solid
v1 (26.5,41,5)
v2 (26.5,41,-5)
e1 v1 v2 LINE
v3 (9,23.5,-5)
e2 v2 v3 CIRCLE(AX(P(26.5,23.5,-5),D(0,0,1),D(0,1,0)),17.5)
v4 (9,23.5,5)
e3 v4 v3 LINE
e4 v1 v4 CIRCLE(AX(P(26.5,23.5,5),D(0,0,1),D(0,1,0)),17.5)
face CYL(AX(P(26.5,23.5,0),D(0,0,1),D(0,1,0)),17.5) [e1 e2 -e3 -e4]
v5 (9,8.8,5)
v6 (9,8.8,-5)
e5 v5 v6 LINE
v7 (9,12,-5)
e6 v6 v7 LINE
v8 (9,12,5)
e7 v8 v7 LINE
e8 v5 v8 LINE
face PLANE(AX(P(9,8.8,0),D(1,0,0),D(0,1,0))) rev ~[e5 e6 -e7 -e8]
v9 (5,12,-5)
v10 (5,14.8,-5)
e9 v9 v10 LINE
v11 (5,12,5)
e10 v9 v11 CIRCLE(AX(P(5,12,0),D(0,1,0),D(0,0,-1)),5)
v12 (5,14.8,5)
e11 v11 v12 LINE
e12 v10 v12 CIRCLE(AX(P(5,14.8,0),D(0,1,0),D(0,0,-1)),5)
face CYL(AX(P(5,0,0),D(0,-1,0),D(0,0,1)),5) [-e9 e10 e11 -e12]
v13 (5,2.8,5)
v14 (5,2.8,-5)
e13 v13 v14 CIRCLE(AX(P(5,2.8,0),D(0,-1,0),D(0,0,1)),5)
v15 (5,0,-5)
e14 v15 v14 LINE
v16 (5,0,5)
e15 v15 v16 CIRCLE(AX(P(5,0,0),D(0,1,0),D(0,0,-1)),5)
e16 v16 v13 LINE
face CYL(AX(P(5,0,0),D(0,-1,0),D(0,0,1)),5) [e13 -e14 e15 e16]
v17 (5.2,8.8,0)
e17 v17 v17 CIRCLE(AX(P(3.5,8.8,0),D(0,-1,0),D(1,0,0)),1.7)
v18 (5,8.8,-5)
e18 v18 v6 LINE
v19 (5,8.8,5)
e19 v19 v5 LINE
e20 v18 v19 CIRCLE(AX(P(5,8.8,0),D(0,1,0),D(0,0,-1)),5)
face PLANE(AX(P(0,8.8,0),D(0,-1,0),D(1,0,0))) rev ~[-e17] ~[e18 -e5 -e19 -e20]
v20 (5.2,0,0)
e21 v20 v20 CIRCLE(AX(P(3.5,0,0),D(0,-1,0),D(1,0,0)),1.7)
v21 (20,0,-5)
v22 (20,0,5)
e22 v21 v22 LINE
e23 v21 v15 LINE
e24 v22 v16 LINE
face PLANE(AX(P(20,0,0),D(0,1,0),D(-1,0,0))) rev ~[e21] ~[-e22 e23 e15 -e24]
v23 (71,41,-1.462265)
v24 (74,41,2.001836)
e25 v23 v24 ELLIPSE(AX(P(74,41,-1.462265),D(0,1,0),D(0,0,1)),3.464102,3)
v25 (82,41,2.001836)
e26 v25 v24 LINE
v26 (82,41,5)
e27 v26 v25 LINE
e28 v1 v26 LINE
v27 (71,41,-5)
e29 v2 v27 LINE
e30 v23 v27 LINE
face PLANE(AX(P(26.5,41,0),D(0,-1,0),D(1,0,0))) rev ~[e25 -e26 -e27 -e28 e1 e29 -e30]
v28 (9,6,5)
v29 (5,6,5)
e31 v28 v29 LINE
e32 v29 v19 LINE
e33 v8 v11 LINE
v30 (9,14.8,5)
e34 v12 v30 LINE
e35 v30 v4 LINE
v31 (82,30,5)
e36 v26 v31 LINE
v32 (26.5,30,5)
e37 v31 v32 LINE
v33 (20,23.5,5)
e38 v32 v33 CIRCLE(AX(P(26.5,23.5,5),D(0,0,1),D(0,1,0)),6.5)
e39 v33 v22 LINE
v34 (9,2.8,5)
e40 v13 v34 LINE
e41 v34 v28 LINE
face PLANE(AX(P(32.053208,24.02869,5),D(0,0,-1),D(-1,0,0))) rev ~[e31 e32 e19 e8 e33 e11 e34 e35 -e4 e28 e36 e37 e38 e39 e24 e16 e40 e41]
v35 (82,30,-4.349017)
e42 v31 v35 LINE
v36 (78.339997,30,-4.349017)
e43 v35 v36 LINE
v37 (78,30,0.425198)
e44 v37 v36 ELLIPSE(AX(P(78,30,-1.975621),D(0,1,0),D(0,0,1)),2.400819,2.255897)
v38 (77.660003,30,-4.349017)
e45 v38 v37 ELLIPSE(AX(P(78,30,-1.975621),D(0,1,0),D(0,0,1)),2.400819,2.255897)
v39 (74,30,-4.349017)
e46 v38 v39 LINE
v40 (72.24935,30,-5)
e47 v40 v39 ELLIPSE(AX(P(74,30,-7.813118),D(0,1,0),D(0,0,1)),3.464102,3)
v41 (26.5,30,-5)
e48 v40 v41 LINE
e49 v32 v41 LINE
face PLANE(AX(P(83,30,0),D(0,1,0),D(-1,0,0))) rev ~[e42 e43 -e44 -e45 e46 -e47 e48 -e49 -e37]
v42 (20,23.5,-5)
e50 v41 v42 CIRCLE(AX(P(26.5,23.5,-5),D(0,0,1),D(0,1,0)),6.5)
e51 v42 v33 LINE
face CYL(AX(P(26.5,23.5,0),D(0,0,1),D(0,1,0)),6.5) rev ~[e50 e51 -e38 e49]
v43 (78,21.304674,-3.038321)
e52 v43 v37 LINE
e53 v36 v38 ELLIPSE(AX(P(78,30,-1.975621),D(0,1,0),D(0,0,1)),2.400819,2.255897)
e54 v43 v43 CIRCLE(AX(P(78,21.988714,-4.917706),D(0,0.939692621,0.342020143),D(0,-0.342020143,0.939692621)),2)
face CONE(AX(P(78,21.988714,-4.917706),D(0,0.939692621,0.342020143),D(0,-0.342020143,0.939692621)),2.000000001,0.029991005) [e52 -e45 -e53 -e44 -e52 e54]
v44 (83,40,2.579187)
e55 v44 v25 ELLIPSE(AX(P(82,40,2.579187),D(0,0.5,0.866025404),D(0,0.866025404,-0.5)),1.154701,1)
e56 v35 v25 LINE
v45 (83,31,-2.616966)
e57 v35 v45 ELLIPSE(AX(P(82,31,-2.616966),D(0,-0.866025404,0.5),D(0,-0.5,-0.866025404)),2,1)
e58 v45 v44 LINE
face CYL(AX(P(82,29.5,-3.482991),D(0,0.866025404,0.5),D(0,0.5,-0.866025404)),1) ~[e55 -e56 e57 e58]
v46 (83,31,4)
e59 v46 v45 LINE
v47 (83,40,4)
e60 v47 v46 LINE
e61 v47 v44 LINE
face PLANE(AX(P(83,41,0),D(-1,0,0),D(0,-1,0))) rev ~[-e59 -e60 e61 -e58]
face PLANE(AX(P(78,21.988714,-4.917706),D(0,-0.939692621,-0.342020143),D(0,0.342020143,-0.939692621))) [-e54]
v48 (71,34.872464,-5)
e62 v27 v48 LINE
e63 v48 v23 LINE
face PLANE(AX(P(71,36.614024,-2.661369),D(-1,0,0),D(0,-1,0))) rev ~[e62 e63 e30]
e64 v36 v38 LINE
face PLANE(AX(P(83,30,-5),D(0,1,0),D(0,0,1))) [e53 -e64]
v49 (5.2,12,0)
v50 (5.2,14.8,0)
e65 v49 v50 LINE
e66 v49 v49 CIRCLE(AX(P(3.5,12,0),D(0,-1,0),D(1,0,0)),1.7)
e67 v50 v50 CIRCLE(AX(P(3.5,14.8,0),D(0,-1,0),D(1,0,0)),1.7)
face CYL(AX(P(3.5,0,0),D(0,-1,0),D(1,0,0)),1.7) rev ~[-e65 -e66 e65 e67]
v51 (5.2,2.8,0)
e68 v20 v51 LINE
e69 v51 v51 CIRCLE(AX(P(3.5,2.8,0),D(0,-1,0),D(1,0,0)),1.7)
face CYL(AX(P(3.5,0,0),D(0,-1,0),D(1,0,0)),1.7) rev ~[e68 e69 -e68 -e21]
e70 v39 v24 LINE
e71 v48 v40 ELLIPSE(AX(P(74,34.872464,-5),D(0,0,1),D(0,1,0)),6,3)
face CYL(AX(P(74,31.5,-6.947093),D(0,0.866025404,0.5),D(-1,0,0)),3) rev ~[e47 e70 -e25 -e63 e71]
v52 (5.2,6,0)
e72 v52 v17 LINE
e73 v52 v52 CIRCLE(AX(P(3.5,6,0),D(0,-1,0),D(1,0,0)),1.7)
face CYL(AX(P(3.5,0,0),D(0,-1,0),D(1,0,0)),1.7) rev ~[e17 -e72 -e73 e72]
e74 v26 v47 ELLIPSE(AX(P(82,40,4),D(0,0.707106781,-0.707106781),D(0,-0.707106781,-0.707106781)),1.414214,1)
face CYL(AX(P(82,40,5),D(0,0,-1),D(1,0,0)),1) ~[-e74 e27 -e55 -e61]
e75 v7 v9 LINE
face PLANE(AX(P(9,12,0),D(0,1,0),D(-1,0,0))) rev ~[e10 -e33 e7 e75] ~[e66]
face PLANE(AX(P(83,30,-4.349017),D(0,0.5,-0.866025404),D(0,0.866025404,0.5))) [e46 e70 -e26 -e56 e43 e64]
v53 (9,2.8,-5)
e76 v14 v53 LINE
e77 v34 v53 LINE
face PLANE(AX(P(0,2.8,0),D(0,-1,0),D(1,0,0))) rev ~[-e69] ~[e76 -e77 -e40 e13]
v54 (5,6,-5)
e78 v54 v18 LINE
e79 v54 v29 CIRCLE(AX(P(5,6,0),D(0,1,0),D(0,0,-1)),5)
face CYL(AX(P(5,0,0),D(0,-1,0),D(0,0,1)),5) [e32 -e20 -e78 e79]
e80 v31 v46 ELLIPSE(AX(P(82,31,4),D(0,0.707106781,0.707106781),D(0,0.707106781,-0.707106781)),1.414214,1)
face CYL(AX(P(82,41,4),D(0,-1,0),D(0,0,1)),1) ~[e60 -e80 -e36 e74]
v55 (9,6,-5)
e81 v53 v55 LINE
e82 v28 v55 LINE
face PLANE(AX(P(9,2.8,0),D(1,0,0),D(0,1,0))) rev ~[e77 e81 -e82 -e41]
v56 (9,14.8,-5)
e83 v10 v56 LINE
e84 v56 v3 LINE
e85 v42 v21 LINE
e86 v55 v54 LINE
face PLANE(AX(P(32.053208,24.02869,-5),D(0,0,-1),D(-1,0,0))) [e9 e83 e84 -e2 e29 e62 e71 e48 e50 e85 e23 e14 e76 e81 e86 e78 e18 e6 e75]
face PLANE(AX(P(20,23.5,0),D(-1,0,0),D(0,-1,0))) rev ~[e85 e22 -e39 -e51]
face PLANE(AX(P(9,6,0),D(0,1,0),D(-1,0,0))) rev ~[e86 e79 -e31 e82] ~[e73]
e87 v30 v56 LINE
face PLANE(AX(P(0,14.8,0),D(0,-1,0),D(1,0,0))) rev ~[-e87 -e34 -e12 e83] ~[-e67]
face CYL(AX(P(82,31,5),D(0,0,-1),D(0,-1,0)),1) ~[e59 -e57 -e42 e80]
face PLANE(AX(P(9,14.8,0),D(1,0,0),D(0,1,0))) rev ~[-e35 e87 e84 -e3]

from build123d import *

# Parameters (mm, degrees)
PAD002_DEPTH    = 5
POCKET001_DEPTH = 41.001
SKETCH006_R     = 1.7
POCKET002_DEPTH = 41.001
POCKET003_DEPTH = 12
FILLET001_R     = 3
FILLET002_R     = 1


with BuildPart() as part:
    # Sketch004 → Pad002 (new body, symmetric)
    with BuildSketch(Plane.XY):
        with BuildLine():
            Line((0, 0), (0, 2.8))
            Line((0, 2.8), (9, 2.8))
            Line((9, 2.8), (9, 6))
            Line((9, 6), (0, 6))
            Line((0, 6), (0, 8.8))
            Line((0, 8.8), (9, 8.8))
            Line((9, 8.8), (9, 12))
            Line((9, 12), (0, 12))
            Line((0, 12), (0, 14.8))
            Line((0, 14.8), (9, 14.8))
            Line((9, 14.8), (9, 23.5))
            ThreePointArc((26.5, 41), (14.1256313292, 35.8743686708), (9, 23.5))
            Line((26.5, 41), (83, 41))
            Line((83, 41), (83, 30))
            Line((83, 30), (26.5, 30))
            ThreePointArc((26.5, 30), (21.9038059223, 28.0961940777), (20, 23.5))
            Line((20, 23.5), (20, 0))
            Line((20, 0), (0, 0))
        make_face()
    extrude(amount=PAD002_DEPTH, both=True)

    # Sketch005 (on Face18 of Pad002) → Pocket001 (cut, through all)
    with BuildSketch(Plane.XZ):
        with BuildLine():
            ThreePointArc((5, 5), (0, 0), (5, -5))
            Line((5, -6), (5, -5))
            Line((-1, -6), (5, -6))
            Line((-1, 6), (-1, -6))
            Line((5, 6), (-1, 6))
            Line((5, 6), (5, 5))
        make_face()
    extrude(amount=-POCKET001_DEPTH, mode=Mode.SUBTRACT)

    # Sketch006 (on Face2 of Pocket001) → Pocket002 (cut, through all)
    with BuildSketch(Plane.XZ):
        with Locations((3.5, 0)):
            Circle(SKETCH006_R)
    extrude(amount=-POCKET002_DEPTH, mode=Mode.SUBTRACT)

    # Sketch007 (on Face20 of Pocket002) → Revolution (revolve)
    with BuildSketch(Plane.YZ.offset(78)):
        Polygon((21.3046738147, -3.0383206522), (34.6684285365, 2.2847238185), (35.5, 0), (21.9887141013, -4.9177058938), align=None)
    revolve(axis=Axis((78, 4.1527111346, -11.4094800719), (0, 0.9396926208, 0.3420201433)))

    # Sketch008 (on Face20 of Revolution) → Pocket003 (cut)
    with BuildSketch(Plane.YZ.offset(83)):
        Polygon((30, -4.3490166725), (41, 2.0018362885), (41, -5), (30, -5), align=None)
    extrude(amount=-POCKET003_DEPTH, mode=Mode.SUBTRACT)

    # Fillet001
    fillet001_edges = [part.edges().sort_by_distance(p)[0] for p in [
        (71, 35.5, -1.17359),
    ]]
    fillet(fillet001_edges, radius=FILLET001_R)

    # Fillet002
    fillet002_edges = [part.edges().sort_by_distance(p)[0] for p in [
        (83, 30, 0.325492),
        (83, 35.5, 5),
        (83, 41, 3.500918),
        (83, 35.5, -1.17359),
    ]]
    fillet(fillet002_edges, radius=FILLET002_R)


solid = part.part
